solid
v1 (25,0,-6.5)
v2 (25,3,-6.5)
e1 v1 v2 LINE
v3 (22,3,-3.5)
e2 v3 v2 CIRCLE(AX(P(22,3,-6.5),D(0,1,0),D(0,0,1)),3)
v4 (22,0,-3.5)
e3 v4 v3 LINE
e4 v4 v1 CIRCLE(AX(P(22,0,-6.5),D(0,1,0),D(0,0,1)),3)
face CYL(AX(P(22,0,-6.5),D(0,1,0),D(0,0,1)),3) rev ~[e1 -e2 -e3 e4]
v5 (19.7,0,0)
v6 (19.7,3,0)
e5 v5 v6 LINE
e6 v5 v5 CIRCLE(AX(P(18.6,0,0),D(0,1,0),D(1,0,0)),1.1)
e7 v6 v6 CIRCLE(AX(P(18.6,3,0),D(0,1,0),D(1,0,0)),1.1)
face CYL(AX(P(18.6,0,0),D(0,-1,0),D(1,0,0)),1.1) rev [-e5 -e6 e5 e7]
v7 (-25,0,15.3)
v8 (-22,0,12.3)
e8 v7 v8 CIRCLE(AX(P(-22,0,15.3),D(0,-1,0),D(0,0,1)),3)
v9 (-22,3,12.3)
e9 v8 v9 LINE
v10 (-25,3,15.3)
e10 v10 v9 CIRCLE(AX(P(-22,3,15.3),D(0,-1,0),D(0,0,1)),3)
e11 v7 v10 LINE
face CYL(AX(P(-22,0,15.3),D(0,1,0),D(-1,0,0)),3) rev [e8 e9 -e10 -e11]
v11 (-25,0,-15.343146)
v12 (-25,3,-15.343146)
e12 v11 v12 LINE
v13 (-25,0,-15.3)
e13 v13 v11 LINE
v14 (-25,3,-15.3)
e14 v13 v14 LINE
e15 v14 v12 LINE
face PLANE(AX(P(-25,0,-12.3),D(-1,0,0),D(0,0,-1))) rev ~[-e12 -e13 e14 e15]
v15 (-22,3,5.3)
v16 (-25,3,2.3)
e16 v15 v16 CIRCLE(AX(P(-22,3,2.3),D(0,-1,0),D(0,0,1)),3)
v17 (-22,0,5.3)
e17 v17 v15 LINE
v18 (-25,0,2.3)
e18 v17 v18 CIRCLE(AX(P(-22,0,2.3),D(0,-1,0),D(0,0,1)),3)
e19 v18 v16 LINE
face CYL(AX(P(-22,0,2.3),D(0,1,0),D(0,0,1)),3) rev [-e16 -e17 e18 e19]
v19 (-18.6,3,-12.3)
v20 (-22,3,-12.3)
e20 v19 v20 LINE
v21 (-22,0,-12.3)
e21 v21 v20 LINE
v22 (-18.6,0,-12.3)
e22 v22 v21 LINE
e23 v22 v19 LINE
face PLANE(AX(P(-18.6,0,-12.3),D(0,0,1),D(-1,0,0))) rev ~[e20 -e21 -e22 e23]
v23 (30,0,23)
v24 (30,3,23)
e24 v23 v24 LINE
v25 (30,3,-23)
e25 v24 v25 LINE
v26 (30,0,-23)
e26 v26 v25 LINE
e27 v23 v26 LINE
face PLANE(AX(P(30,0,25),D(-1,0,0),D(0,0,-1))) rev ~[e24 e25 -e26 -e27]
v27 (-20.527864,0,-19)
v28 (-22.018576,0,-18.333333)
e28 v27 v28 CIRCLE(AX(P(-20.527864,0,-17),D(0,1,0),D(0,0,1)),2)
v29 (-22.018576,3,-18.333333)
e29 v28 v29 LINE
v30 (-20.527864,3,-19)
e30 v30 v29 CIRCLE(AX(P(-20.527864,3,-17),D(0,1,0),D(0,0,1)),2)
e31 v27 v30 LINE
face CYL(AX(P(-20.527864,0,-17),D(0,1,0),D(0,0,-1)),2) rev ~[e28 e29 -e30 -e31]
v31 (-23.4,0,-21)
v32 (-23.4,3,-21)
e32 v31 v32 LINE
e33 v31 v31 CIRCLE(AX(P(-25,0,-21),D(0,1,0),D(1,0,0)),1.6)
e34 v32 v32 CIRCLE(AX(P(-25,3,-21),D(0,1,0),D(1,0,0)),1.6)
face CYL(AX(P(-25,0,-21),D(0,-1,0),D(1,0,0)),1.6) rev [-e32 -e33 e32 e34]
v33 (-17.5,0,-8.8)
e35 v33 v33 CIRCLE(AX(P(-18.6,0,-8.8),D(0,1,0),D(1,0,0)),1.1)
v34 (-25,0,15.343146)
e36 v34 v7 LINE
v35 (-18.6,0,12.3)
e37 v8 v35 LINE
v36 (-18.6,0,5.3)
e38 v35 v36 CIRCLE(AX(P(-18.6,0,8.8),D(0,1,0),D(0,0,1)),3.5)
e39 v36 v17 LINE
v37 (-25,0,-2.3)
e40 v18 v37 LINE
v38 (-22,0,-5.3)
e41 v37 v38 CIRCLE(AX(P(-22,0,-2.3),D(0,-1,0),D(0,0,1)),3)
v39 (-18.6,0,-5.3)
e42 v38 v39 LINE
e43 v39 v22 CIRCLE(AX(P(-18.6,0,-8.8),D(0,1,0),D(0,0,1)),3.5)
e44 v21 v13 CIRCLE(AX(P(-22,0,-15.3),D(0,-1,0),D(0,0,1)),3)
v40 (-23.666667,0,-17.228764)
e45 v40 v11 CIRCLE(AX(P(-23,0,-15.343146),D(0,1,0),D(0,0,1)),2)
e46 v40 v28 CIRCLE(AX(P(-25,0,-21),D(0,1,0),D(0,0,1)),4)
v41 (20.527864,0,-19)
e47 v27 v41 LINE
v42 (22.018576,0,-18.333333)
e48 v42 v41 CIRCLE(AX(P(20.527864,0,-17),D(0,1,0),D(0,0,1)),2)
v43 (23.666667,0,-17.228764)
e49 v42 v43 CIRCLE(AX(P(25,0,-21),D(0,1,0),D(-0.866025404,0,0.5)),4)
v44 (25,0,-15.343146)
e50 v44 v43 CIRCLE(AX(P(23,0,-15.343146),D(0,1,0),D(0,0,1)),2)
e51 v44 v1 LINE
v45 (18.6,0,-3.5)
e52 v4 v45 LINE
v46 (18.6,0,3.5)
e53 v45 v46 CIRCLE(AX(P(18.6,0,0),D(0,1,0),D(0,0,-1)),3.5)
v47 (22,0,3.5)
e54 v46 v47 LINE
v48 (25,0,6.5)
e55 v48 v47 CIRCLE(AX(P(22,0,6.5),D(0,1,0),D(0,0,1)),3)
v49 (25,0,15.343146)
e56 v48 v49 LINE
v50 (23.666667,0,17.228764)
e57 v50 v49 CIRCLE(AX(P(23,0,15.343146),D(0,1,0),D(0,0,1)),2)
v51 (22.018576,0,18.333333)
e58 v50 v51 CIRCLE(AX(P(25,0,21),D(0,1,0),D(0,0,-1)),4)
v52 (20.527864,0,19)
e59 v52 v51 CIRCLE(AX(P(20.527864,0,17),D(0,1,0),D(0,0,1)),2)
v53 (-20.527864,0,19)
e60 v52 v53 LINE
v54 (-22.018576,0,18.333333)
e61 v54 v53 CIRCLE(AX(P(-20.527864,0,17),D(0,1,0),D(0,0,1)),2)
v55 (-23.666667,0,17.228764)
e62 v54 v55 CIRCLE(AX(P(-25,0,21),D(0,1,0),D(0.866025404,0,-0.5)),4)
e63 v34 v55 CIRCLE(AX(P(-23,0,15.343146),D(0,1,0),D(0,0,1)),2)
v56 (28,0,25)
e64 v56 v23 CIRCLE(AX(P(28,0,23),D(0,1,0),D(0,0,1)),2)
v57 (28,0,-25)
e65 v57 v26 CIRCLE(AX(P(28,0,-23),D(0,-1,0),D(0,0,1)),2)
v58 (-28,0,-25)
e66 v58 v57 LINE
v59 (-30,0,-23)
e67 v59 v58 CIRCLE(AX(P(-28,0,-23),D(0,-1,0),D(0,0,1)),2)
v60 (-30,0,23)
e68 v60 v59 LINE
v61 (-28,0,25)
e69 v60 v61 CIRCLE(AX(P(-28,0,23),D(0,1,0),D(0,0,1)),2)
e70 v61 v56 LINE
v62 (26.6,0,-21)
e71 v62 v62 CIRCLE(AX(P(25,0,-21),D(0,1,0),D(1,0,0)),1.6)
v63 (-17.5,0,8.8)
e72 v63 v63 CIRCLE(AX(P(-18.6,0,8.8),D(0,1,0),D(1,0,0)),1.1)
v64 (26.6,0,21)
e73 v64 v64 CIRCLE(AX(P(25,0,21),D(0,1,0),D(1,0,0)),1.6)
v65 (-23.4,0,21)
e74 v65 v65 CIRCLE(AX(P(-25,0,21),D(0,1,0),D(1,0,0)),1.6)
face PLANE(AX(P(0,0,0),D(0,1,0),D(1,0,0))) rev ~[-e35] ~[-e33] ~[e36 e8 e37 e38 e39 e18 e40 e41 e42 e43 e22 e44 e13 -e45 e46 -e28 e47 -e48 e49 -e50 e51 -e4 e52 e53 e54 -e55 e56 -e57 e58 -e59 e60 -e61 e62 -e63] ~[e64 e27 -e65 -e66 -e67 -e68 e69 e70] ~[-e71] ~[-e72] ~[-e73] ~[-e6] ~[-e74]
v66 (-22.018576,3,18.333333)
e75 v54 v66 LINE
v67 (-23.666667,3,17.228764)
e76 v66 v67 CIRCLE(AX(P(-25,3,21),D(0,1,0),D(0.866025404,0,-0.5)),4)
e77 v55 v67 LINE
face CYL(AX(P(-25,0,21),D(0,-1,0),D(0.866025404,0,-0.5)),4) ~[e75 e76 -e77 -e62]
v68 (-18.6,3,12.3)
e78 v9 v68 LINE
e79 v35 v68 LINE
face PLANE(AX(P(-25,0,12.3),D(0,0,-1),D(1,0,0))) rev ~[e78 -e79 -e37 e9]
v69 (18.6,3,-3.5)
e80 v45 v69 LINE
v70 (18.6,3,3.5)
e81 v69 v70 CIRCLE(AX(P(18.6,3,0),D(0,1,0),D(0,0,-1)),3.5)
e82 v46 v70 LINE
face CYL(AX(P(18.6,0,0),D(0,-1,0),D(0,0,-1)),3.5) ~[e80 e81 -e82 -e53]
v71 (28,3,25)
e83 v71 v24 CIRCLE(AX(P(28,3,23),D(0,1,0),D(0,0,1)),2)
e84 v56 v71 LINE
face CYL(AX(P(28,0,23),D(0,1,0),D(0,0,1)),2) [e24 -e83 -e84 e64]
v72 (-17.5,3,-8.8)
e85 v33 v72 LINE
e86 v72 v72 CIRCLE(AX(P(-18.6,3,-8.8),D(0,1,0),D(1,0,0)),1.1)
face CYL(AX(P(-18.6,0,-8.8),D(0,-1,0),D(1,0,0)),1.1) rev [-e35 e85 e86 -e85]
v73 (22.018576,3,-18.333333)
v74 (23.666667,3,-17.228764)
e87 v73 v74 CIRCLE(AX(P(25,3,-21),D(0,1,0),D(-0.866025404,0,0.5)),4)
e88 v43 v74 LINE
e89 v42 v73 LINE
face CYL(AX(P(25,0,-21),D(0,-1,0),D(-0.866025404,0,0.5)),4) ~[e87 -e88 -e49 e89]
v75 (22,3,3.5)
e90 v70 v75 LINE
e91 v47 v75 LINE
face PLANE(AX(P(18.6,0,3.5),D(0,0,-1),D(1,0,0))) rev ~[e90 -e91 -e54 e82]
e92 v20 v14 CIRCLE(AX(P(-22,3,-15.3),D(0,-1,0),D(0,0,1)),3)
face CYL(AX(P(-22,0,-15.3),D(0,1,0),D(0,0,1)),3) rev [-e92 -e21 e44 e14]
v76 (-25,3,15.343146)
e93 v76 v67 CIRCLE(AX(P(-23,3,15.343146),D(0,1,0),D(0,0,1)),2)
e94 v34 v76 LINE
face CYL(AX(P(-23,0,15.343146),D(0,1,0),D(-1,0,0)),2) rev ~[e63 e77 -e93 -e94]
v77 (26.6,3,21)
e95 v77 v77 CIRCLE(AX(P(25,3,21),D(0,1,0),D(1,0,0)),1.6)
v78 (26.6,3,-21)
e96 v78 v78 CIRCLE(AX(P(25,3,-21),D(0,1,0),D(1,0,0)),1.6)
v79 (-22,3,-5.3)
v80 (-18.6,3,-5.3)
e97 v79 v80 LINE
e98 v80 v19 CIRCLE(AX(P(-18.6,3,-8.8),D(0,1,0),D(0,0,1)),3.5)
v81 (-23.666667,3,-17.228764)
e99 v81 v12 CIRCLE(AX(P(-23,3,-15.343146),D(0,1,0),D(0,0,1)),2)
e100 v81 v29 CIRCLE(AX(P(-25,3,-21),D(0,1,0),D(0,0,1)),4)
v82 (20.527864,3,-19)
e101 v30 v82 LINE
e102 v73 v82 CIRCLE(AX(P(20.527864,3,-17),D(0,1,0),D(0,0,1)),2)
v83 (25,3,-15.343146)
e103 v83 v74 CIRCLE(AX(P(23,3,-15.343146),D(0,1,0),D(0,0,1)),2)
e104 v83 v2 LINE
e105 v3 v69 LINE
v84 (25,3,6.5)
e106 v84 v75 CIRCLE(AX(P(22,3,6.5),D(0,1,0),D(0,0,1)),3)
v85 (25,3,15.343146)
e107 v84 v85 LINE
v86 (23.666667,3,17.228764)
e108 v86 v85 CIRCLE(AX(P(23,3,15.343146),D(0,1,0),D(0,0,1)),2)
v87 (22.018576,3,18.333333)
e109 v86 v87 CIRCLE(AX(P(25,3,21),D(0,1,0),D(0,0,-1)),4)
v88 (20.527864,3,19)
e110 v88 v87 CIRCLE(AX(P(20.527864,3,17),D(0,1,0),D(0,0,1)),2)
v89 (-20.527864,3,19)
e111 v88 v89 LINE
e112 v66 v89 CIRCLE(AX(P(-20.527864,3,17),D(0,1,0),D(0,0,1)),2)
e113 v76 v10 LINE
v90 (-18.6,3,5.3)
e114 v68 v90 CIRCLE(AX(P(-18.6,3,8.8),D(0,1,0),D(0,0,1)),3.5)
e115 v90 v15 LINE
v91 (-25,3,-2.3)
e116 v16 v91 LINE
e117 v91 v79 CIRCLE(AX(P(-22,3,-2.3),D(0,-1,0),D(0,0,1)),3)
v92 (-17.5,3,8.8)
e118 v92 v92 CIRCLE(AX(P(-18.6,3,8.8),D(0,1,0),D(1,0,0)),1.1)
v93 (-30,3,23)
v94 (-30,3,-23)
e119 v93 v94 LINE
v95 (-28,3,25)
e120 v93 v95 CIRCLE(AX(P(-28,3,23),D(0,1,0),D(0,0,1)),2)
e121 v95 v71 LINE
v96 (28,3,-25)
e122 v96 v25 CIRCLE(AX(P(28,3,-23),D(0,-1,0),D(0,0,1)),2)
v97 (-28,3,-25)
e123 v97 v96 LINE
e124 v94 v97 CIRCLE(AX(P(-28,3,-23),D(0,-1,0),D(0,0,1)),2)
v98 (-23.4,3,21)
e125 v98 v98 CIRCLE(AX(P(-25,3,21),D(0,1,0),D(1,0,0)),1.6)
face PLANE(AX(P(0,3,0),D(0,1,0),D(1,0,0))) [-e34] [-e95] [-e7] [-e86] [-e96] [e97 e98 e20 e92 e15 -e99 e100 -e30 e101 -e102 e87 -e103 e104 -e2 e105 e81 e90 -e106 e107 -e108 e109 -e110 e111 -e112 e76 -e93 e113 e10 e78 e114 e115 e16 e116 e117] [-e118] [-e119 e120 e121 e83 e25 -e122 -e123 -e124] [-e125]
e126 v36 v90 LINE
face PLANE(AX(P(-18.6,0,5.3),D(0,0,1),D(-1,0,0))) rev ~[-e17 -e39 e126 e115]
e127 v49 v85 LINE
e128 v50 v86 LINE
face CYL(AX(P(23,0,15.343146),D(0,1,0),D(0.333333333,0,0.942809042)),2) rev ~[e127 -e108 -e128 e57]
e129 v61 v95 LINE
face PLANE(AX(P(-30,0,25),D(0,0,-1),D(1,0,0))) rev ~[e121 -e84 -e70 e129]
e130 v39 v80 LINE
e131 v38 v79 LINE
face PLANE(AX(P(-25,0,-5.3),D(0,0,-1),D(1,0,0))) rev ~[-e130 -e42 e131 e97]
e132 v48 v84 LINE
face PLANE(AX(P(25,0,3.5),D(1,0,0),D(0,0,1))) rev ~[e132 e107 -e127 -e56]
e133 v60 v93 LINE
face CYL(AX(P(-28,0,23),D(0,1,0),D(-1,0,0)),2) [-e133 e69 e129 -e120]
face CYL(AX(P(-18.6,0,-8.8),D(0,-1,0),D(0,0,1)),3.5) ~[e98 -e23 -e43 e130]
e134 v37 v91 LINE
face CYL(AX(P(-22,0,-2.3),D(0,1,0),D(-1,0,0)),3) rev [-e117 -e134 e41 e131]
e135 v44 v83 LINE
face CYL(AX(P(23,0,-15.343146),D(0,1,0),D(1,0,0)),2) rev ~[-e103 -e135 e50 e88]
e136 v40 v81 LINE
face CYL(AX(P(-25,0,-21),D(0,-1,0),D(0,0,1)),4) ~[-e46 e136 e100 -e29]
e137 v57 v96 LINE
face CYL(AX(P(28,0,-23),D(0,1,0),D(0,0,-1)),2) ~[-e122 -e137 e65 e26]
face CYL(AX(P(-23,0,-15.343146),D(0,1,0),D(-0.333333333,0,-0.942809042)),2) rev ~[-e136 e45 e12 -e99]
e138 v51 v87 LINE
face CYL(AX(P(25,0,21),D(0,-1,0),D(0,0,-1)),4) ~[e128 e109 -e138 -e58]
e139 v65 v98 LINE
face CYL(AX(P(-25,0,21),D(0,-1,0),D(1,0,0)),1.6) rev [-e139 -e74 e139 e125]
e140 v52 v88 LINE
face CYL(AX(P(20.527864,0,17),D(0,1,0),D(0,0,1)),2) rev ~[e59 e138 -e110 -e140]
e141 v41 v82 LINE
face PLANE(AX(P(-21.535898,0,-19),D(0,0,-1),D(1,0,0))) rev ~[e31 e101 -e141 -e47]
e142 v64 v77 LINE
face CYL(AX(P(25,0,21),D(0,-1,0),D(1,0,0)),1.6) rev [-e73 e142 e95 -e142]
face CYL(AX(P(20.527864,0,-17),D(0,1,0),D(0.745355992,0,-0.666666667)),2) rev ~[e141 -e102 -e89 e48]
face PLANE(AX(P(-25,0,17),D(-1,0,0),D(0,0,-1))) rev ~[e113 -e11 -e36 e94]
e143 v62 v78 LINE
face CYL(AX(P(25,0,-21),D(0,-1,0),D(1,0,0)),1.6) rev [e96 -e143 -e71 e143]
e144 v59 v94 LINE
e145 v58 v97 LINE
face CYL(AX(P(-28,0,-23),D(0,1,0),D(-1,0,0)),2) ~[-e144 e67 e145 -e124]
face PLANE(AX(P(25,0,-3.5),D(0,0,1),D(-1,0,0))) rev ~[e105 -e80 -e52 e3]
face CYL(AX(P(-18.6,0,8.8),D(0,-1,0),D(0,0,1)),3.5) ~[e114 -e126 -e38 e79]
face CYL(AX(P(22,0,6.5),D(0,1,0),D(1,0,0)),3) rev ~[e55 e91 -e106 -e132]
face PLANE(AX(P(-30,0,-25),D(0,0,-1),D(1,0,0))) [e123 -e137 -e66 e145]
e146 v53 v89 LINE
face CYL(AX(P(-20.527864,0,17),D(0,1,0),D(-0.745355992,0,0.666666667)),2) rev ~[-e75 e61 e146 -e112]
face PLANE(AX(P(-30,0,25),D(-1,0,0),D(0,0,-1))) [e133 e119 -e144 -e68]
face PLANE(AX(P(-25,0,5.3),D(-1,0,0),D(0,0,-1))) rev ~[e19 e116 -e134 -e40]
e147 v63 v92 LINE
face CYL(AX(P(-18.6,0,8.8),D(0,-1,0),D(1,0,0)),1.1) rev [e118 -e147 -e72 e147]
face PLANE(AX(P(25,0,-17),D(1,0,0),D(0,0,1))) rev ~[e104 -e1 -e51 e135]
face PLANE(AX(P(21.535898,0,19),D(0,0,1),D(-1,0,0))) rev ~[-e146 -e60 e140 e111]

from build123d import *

# Parameters (mm, degrees)
SKETCH_1_W      = 60
SKETCH_1_H      = 50
SKETCH_1_R      = 1.6
SKETCH_1_R_2    = 1.1
EXTRUDE_1_DEPTH = 3
FILLET_1_R      = 2
FILLET_2_R      = 2
FILLET_3_R      = 3


with BuildPart() as part:
    # 草图1 → 凸台-拉伸1 (new body)
    with BuildSketch(Plane(origin=(0, 0, 0), x_dir=(1, 0, 0), z_dir=(0, 1, 0))):
        Rectangle(SKETCH_1_W, SKETCH_1_H)
        with Locations((-25, 21)):
            Circle(SKETCH_1_R, mode=Mode.SUBTRACT)
        with Locations((25, 21)):
            Circle(SKETCH_1_R, mode=Mode.SUBTRACT)
        with Locations((25, -21)):
            Circle(SKETCH_1_R, mode=Mode.SUBTRACT)
        with Locations((-25, -21)):
            Circle(SKETCH_1_R, mode=Mode.SUBTRACT)
        with Locations((18.6, 0)):
            Circle(SKETCH_1_R_2, mode=Mode.SUBTRACT)
        with Locations((-18.6, 8.8)):
            Circle(SKETCH_1_R_2, mode=Mode.SUBTRACT)
        with Locations((-18.6, -8.8)):
            Circle(SKETCH_1_R_2, mode=Mode.SUBTRACT)
        with BuildLine():
            Line((-25, -5.3), (-25, 5.3))
            Line((-25, 5.3), (-18.6, 5.3))
            ThreePointArc((-18.6, 5.3), (-15.1, 8.8), (-18.6, 12.3))
            Line((-18.6, 12.3), (-25, 12.3))
            Line((-25, 12.3), (-25, 17))
            ThreePointArc((-25, 17), (-23, 17.535898385), (-21.535898385, 19))
            Line((-21.535898385, 19), (21.535898385, 19))
            ThreePointArc((21.535898385, 19), (23, 17.535898385), (25, 17))
            Line((25, 17), (25, 3.5))
            Line((25, 3.5), (18.6, 3.5))
            ThreePointArc((18.6, 3.5), (15.1, 0), (18.6, -3.5))
            Line((18.6, -3.5), (25, -3.5))
            Line((25, -3.5), (25, -17))
            ThreePointArc((25, -17), (23, -17.535898385), (21.535898385, -19))
            Line((21.535898385, -19), (-21.535898385, -19))
            ThreePointArc((-21.535898385, -19), (-23, -17.535898385), (-25, -17))
            Line((-25, -17), (-25, -12.3))
            Line((-25, -12.3), (-18.6, -12.3))
            ThreePointArc((-18.6, -12.3), (-15.1, -8.8), (-18.6, -5.3))
            Line((-18.6, -5.3), (-25, -5.3))
        make_face(mode=Mode.SUBTRACT)
    extrude(amount=EXTRUDE_1_DEPTH)

    # 圆角1
    fillet_1_edges = [part.edges().sort_by_distance(p)[0] for p in [
        (30, 1.5, 25),
        (-30, 1.5, 25),
        (-30, 1.5, -25),
        (30, 1.5, -25),
    ]]
    fillet(fillet_1_edges, radius=FILLET_1_R)

    # 圆角2
    fillet_2_edges = [part.edges().sort_by_distance(p)[0] for p in [
        (-25, 1.5, 17),
        (-21.535898385, 1.5, 19),
        (21.535898385, 1.5, 19),
        (25, 1.5, 17),
        (25, 1.5, -17),
        (21.535898385, 1.5, -19),
        (-21.535898385, 1.5, -19),
        (-25, 1.5, -17),
    ]]
    fillet(fillet_2_edges, radius=FILLET_2_R)

    # 圆角3
    fillet_3_edges = [part.edges().sort_by_distance(p)[0] for p in [
        (-25, 1.5, -5.3),
        (-25, 1.5, 5.3),
        (-25, 1.5, 12.3),
        (25, 1.5, 3.5),
        (25, 1.5, -3.5),
        (-25, 1.5, -12.3),
    ]]
    fillet(fillet_3_edges, radius=FILLET_3_R)


solid = part.part
